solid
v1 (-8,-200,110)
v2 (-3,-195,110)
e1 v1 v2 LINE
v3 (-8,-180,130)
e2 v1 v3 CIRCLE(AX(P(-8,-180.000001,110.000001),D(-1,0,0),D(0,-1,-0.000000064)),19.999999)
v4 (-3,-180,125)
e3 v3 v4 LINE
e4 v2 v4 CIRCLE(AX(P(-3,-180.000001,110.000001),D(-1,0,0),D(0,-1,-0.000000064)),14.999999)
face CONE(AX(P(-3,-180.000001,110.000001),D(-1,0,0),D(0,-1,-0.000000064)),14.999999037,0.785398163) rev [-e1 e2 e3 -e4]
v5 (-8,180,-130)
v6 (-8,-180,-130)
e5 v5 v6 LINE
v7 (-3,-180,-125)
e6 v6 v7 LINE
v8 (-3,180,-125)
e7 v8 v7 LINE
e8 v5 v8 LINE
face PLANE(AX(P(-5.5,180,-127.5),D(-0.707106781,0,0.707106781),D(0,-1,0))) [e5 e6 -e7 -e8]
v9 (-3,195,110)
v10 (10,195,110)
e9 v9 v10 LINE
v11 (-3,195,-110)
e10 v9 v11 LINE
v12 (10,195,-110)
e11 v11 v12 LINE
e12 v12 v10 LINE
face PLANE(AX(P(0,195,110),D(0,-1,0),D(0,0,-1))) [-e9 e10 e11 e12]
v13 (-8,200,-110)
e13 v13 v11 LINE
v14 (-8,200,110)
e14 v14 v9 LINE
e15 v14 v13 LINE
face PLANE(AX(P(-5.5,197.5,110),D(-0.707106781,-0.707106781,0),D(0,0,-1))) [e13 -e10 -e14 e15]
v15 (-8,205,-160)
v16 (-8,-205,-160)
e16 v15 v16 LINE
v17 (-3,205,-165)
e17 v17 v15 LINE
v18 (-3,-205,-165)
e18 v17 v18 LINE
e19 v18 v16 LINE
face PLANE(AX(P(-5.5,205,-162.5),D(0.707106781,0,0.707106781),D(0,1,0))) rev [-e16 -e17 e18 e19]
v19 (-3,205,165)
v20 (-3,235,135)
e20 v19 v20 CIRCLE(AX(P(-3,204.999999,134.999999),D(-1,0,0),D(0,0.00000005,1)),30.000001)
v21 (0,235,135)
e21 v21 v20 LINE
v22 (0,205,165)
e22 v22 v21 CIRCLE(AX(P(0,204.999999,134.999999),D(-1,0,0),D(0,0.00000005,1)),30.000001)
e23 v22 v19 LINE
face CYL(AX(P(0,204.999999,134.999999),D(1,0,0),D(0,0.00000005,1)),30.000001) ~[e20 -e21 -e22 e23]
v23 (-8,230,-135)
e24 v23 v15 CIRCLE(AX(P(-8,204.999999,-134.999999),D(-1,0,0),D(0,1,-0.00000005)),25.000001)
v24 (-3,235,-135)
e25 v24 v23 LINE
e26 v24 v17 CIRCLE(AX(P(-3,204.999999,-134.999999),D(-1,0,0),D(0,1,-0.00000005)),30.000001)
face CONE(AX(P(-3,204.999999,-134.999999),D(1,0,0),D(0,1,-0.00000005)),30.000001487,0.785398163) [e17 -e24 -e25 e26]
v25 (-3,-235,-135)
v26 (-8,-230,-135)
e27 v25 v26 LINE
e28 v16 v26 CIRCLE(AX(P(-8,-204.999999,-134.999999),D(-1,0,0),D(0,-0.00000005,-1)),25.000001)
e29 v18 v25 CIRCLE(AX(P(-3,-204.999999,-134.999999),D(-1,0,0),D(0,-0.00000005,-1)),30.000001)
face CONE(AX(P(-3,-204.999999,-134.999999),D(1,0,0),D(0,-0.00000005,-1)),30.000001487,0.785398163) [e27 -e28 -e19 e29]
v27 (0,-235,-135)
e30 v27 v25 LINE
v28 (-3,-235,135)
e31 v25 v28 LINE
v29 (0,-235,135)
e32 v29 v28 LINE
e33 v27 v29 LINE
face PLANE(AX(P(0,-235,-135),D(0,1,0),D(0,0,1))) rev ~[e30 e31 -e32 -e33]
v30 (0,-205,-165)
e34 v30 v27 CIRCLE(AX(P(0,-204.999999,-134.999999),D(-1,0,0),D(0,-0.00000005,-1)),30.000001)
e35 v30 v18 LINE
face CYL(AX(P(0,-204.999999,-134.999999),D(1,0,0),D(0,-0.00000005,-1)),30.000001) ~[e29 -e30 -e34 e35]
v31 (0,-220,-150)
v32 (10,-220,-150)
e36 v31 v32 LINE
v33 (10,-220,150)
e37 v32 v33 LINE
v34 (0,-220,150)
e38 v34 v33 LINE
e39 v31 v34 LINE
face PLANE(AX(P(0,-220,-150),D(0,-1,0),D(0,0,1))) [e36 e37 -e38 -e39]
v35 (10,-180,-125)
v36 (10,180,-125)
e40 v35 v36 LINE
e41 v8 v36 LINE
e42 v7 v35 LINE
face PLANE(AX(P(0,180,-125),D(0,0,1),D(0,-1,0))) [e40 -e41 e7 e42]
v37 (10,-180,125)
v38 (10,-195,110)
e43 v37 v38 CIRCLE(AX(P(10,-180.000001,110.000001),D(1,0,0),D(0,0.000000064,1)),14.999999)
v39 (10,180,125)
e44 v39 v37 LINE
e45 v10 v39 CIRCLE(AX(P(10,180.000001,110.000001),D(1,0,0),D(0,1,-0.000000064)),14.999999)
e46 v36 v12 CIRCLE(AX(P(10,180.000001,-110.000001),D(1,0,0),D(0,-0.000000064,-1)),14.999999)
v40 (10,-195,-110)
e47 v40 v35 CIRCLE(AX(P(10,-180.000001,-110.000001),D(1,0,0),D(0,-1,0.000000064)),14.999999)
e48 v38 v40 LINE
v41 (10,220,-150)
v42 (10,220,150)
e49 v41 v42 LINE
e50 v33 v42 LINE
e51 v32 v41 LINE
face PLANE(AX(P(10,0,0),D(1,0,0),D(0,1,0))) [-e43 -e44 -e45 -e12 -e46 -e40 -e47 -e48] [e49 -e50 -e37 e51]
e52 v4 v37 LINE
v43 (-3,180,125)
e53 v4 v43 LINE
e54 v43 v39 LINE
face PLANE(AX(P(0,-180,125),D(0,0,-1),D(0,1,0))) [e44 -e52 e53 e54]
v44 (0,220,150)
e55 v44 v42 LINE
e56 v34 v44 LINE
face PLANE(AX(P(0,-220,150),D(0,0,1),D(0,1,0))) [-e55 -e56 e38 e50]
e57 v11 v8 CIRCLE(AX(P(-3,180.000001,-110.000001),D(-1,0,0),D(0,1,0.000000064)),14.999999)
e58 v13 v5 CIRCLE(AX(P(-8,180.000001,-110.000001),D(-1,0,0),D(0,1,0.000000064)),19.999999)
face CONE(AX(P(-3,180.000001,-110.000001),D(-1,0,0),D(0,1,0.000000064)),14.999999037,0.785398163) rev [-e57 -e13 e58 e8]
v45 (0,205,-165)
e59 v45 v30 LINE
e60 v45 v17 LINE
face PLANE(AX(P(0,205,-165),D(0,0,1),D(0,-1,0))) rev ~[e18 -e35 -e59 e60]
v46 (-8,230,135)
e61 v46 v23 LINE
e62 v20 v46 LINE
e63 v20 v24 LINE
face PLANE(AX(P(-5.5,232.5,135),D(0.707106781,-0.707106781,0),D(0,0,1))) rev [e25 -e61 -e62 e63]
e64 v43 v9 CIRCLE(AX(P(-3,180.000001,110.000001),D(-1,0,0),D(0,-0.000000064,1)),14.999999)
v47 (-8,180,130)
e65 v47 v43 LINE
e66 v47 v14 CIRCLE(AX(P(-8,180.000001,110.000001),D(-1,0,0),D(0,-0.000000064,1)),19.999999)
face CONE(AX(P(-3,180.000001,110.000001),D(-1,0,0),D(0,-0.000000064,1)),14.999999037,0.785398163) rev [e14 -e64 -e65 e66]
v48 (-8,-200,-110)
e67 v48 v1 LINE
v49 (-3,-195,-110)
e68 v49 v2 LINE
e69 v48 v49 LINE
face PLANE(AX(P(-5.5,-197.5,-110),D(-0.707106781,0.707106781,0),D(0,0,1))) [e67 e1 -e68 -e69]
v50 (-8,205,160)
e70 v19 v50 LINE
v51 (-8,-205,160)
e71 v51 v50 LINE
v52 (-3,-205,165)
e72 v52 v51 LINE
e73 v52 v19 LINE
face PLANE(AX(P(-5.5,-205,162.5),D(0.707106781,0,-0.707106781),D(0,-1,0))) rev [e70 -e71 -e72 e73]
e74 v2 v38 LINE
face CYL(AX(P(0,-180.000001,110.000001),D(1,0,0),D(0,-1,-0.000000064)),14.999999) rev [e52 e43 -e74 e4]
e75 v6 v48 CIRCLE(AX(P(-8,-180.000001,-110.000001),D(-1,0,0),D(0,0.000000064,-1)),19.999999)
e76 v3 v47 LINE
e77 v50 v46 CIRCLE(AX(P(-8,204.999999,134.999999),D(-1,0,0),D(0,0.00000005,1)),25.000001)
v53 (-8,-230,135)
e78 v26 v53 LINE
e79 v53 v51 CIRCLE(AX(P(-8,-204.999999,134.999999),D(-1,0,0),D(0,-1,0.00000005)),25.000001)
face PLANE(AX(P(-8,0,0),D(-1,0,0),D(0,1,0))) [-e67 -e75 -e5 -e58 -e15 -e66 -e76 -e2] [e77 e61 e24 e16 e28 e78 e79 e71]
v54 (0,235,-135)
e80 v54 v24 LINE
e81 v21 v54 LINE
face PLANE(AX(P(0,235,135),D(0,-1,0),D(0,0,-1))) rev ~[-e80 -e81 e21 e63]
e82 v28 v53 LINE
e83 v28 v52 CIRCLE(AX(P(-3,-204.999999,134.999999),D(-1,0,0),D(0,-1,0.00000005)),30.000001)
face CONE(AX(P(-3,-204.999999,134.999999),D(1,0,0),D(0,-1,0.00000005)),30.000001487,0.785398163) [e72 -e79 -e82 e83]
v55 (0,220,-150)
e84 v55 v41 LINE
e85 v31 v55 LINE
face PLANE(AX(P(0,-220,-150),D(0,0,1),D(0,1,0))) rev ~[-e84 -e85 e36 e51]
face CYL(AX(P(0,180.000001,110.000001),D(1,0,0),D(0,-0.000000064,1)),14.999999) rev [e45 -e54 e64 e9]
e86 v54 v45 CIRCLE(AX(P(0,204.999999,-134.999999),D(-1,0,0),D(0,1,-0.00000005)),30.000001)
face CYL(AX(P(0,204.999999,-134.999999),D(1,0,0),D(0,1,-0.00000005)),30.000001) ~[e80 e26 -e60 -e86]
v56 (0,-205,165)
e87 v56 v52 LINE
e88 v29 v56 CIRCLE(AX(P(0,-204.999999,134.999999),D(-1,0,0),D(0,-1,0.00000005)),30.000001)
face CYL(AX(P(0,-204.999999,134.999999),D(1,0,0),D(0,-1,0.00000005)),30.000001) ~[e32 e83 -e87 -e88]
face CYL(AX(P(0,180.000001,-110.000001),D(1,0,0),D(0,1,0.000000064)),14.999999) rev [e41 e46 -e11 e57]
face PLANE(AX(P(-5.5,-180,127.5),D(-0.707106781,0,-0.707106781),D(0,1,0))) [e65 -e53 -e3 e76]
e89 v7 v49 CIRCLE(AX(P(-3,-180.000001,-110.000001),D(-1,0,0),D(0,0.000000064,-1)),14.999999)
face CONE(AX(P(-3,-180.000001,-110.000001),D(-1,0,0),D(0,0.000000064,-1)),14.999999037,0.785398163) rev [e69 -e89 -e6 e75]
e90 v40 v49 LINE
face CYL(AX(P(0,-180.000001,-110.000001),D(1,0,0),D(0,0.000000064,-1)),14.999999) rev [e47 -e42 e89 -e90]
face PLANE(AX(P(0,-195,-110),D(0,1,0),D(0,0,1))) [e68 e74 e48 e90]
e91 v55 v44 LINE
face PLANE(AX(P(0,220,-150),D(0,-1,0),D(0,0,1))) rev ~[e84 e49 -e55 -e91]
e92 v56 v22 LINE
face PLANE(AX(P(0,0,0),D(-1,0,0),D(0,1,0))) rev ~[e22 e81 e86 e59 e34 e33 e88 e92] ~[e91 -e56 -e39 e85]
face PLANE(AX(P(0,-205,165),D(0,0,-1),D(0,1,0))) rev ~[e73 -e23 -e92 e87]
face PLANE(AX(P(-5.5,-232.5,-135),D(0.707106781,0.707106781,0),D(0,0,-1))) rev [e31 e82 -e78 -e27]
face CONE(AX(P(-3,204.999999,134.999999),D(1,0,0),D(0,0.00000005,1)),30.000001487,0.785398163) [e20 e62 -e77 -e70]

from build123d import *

# Parameters (mm, degrees)
SKETCH_W     = 440
SKETCH_H     = 300
PAD_DEPTH    = 10
PAD001_DEPTH = 8
CHAMFER_SIZE = 5


with BuildPart() as part:
    # Sketch → Pad (new body)
    with BuildSketch(Plane.YZ):
        Rectangle(SKETCH_W, SKETCH_H)
        with BuildLine():
            Line((-195, 110), (-195, -110))
            ThreePointArc((-195, -110), (-190.606602, -120.606602), (-180, -125))
            Line((-180, -125), (180, -125))
            ThreePointArc((180, -125), (190.606602, -120.606602), (195, -110))
            Line((195, -110), (195, 110))
            ThreePointArc((195, 110), (190.606602, 120.606602), (180, 125))
            Line((180, 125), (-180, 125))
            ThreePointArc((-180, 125), (-190.606602, 120.606602), (-195, 110))
        make_face(mode=Mode.SUBTRACT)
    extrude(amount=PAD_DEPTH)

    # Sketch001 (on Face13 of Pad) → Pad001 (join)
    with BuildSketch(Plane(origin=(0, 0, 0), x_dir=(0, 1, 0), z_dir=(-1, 0, 0))):
        with BuildLine():
            Line((-235, 135), (-235, -135))
            ThreePointArc((-235, -135), (-226.213203, -156.213203), (-205, -165))
            Line((-205, -165), (205, -165))
            ThreePointArc((205, -165), (226.213203, -156.213203), (235, -135))
            Line((235, -135), (235, 135))
            ThreePointArc((235, 135), (226.213203, 156.213203), (205, 165))
            Line((205, 165), (-205, 165))
            ThreePointArc((-205, 165), (-226.213203, 156.213203), (-235, 135))
        make_face()
        with BuildLine():
            Line((-195, 110), (-195, -110))
            ThreePointArc((-195, -110), (-190.606602, -120.606602), (-180, -125))
            Line((-180, -125), (180, -125))
            ThreePointArc((180, -125), (190.606602, -120.606602), (195, -110))
            Line((195, -110), (195, 110))
            ThreePointArc((195, 110), (190.606602, 120.606602), (180, 125))
            Line((180, 125), (-180, 125))
            ThreePointArc((-180, 125), (-190.606602, 120.606602), (-195, 110))
        make_face(mode=Mode.SUBTRACT)
    extrude(amount=PAD001_DEPTH)

    # Chamfer
    chamfer_edges = [part.edges().sort_by_distance(p)[0] for p in [
        (-8, -235, 0),
        (-8, -226.213203, 156.213203),
        (-8, 0, 165),
        (-8, 226.213203, 156.213203),
        (-8, 235, 0),
        (-8, 226.213203, -156.213203),
        (-8, 0, -165),
        (-8, -226.213203, -156.213203),
        (-8, -195, 0),
        (-8, -190.606602, 120.606602),
        (-8, 0, 125),
        (-8, 190.606602, 120.606602),
        (-8, 195, 0),
        (-8, 190.606602, -120.606602),
        (-8, 0, -125),
        (-8, -190.606602, -120.606602),
    ]]
    chamfer(chamfer_edges, length=CHAMFER_SIZE)


solid = part.part
